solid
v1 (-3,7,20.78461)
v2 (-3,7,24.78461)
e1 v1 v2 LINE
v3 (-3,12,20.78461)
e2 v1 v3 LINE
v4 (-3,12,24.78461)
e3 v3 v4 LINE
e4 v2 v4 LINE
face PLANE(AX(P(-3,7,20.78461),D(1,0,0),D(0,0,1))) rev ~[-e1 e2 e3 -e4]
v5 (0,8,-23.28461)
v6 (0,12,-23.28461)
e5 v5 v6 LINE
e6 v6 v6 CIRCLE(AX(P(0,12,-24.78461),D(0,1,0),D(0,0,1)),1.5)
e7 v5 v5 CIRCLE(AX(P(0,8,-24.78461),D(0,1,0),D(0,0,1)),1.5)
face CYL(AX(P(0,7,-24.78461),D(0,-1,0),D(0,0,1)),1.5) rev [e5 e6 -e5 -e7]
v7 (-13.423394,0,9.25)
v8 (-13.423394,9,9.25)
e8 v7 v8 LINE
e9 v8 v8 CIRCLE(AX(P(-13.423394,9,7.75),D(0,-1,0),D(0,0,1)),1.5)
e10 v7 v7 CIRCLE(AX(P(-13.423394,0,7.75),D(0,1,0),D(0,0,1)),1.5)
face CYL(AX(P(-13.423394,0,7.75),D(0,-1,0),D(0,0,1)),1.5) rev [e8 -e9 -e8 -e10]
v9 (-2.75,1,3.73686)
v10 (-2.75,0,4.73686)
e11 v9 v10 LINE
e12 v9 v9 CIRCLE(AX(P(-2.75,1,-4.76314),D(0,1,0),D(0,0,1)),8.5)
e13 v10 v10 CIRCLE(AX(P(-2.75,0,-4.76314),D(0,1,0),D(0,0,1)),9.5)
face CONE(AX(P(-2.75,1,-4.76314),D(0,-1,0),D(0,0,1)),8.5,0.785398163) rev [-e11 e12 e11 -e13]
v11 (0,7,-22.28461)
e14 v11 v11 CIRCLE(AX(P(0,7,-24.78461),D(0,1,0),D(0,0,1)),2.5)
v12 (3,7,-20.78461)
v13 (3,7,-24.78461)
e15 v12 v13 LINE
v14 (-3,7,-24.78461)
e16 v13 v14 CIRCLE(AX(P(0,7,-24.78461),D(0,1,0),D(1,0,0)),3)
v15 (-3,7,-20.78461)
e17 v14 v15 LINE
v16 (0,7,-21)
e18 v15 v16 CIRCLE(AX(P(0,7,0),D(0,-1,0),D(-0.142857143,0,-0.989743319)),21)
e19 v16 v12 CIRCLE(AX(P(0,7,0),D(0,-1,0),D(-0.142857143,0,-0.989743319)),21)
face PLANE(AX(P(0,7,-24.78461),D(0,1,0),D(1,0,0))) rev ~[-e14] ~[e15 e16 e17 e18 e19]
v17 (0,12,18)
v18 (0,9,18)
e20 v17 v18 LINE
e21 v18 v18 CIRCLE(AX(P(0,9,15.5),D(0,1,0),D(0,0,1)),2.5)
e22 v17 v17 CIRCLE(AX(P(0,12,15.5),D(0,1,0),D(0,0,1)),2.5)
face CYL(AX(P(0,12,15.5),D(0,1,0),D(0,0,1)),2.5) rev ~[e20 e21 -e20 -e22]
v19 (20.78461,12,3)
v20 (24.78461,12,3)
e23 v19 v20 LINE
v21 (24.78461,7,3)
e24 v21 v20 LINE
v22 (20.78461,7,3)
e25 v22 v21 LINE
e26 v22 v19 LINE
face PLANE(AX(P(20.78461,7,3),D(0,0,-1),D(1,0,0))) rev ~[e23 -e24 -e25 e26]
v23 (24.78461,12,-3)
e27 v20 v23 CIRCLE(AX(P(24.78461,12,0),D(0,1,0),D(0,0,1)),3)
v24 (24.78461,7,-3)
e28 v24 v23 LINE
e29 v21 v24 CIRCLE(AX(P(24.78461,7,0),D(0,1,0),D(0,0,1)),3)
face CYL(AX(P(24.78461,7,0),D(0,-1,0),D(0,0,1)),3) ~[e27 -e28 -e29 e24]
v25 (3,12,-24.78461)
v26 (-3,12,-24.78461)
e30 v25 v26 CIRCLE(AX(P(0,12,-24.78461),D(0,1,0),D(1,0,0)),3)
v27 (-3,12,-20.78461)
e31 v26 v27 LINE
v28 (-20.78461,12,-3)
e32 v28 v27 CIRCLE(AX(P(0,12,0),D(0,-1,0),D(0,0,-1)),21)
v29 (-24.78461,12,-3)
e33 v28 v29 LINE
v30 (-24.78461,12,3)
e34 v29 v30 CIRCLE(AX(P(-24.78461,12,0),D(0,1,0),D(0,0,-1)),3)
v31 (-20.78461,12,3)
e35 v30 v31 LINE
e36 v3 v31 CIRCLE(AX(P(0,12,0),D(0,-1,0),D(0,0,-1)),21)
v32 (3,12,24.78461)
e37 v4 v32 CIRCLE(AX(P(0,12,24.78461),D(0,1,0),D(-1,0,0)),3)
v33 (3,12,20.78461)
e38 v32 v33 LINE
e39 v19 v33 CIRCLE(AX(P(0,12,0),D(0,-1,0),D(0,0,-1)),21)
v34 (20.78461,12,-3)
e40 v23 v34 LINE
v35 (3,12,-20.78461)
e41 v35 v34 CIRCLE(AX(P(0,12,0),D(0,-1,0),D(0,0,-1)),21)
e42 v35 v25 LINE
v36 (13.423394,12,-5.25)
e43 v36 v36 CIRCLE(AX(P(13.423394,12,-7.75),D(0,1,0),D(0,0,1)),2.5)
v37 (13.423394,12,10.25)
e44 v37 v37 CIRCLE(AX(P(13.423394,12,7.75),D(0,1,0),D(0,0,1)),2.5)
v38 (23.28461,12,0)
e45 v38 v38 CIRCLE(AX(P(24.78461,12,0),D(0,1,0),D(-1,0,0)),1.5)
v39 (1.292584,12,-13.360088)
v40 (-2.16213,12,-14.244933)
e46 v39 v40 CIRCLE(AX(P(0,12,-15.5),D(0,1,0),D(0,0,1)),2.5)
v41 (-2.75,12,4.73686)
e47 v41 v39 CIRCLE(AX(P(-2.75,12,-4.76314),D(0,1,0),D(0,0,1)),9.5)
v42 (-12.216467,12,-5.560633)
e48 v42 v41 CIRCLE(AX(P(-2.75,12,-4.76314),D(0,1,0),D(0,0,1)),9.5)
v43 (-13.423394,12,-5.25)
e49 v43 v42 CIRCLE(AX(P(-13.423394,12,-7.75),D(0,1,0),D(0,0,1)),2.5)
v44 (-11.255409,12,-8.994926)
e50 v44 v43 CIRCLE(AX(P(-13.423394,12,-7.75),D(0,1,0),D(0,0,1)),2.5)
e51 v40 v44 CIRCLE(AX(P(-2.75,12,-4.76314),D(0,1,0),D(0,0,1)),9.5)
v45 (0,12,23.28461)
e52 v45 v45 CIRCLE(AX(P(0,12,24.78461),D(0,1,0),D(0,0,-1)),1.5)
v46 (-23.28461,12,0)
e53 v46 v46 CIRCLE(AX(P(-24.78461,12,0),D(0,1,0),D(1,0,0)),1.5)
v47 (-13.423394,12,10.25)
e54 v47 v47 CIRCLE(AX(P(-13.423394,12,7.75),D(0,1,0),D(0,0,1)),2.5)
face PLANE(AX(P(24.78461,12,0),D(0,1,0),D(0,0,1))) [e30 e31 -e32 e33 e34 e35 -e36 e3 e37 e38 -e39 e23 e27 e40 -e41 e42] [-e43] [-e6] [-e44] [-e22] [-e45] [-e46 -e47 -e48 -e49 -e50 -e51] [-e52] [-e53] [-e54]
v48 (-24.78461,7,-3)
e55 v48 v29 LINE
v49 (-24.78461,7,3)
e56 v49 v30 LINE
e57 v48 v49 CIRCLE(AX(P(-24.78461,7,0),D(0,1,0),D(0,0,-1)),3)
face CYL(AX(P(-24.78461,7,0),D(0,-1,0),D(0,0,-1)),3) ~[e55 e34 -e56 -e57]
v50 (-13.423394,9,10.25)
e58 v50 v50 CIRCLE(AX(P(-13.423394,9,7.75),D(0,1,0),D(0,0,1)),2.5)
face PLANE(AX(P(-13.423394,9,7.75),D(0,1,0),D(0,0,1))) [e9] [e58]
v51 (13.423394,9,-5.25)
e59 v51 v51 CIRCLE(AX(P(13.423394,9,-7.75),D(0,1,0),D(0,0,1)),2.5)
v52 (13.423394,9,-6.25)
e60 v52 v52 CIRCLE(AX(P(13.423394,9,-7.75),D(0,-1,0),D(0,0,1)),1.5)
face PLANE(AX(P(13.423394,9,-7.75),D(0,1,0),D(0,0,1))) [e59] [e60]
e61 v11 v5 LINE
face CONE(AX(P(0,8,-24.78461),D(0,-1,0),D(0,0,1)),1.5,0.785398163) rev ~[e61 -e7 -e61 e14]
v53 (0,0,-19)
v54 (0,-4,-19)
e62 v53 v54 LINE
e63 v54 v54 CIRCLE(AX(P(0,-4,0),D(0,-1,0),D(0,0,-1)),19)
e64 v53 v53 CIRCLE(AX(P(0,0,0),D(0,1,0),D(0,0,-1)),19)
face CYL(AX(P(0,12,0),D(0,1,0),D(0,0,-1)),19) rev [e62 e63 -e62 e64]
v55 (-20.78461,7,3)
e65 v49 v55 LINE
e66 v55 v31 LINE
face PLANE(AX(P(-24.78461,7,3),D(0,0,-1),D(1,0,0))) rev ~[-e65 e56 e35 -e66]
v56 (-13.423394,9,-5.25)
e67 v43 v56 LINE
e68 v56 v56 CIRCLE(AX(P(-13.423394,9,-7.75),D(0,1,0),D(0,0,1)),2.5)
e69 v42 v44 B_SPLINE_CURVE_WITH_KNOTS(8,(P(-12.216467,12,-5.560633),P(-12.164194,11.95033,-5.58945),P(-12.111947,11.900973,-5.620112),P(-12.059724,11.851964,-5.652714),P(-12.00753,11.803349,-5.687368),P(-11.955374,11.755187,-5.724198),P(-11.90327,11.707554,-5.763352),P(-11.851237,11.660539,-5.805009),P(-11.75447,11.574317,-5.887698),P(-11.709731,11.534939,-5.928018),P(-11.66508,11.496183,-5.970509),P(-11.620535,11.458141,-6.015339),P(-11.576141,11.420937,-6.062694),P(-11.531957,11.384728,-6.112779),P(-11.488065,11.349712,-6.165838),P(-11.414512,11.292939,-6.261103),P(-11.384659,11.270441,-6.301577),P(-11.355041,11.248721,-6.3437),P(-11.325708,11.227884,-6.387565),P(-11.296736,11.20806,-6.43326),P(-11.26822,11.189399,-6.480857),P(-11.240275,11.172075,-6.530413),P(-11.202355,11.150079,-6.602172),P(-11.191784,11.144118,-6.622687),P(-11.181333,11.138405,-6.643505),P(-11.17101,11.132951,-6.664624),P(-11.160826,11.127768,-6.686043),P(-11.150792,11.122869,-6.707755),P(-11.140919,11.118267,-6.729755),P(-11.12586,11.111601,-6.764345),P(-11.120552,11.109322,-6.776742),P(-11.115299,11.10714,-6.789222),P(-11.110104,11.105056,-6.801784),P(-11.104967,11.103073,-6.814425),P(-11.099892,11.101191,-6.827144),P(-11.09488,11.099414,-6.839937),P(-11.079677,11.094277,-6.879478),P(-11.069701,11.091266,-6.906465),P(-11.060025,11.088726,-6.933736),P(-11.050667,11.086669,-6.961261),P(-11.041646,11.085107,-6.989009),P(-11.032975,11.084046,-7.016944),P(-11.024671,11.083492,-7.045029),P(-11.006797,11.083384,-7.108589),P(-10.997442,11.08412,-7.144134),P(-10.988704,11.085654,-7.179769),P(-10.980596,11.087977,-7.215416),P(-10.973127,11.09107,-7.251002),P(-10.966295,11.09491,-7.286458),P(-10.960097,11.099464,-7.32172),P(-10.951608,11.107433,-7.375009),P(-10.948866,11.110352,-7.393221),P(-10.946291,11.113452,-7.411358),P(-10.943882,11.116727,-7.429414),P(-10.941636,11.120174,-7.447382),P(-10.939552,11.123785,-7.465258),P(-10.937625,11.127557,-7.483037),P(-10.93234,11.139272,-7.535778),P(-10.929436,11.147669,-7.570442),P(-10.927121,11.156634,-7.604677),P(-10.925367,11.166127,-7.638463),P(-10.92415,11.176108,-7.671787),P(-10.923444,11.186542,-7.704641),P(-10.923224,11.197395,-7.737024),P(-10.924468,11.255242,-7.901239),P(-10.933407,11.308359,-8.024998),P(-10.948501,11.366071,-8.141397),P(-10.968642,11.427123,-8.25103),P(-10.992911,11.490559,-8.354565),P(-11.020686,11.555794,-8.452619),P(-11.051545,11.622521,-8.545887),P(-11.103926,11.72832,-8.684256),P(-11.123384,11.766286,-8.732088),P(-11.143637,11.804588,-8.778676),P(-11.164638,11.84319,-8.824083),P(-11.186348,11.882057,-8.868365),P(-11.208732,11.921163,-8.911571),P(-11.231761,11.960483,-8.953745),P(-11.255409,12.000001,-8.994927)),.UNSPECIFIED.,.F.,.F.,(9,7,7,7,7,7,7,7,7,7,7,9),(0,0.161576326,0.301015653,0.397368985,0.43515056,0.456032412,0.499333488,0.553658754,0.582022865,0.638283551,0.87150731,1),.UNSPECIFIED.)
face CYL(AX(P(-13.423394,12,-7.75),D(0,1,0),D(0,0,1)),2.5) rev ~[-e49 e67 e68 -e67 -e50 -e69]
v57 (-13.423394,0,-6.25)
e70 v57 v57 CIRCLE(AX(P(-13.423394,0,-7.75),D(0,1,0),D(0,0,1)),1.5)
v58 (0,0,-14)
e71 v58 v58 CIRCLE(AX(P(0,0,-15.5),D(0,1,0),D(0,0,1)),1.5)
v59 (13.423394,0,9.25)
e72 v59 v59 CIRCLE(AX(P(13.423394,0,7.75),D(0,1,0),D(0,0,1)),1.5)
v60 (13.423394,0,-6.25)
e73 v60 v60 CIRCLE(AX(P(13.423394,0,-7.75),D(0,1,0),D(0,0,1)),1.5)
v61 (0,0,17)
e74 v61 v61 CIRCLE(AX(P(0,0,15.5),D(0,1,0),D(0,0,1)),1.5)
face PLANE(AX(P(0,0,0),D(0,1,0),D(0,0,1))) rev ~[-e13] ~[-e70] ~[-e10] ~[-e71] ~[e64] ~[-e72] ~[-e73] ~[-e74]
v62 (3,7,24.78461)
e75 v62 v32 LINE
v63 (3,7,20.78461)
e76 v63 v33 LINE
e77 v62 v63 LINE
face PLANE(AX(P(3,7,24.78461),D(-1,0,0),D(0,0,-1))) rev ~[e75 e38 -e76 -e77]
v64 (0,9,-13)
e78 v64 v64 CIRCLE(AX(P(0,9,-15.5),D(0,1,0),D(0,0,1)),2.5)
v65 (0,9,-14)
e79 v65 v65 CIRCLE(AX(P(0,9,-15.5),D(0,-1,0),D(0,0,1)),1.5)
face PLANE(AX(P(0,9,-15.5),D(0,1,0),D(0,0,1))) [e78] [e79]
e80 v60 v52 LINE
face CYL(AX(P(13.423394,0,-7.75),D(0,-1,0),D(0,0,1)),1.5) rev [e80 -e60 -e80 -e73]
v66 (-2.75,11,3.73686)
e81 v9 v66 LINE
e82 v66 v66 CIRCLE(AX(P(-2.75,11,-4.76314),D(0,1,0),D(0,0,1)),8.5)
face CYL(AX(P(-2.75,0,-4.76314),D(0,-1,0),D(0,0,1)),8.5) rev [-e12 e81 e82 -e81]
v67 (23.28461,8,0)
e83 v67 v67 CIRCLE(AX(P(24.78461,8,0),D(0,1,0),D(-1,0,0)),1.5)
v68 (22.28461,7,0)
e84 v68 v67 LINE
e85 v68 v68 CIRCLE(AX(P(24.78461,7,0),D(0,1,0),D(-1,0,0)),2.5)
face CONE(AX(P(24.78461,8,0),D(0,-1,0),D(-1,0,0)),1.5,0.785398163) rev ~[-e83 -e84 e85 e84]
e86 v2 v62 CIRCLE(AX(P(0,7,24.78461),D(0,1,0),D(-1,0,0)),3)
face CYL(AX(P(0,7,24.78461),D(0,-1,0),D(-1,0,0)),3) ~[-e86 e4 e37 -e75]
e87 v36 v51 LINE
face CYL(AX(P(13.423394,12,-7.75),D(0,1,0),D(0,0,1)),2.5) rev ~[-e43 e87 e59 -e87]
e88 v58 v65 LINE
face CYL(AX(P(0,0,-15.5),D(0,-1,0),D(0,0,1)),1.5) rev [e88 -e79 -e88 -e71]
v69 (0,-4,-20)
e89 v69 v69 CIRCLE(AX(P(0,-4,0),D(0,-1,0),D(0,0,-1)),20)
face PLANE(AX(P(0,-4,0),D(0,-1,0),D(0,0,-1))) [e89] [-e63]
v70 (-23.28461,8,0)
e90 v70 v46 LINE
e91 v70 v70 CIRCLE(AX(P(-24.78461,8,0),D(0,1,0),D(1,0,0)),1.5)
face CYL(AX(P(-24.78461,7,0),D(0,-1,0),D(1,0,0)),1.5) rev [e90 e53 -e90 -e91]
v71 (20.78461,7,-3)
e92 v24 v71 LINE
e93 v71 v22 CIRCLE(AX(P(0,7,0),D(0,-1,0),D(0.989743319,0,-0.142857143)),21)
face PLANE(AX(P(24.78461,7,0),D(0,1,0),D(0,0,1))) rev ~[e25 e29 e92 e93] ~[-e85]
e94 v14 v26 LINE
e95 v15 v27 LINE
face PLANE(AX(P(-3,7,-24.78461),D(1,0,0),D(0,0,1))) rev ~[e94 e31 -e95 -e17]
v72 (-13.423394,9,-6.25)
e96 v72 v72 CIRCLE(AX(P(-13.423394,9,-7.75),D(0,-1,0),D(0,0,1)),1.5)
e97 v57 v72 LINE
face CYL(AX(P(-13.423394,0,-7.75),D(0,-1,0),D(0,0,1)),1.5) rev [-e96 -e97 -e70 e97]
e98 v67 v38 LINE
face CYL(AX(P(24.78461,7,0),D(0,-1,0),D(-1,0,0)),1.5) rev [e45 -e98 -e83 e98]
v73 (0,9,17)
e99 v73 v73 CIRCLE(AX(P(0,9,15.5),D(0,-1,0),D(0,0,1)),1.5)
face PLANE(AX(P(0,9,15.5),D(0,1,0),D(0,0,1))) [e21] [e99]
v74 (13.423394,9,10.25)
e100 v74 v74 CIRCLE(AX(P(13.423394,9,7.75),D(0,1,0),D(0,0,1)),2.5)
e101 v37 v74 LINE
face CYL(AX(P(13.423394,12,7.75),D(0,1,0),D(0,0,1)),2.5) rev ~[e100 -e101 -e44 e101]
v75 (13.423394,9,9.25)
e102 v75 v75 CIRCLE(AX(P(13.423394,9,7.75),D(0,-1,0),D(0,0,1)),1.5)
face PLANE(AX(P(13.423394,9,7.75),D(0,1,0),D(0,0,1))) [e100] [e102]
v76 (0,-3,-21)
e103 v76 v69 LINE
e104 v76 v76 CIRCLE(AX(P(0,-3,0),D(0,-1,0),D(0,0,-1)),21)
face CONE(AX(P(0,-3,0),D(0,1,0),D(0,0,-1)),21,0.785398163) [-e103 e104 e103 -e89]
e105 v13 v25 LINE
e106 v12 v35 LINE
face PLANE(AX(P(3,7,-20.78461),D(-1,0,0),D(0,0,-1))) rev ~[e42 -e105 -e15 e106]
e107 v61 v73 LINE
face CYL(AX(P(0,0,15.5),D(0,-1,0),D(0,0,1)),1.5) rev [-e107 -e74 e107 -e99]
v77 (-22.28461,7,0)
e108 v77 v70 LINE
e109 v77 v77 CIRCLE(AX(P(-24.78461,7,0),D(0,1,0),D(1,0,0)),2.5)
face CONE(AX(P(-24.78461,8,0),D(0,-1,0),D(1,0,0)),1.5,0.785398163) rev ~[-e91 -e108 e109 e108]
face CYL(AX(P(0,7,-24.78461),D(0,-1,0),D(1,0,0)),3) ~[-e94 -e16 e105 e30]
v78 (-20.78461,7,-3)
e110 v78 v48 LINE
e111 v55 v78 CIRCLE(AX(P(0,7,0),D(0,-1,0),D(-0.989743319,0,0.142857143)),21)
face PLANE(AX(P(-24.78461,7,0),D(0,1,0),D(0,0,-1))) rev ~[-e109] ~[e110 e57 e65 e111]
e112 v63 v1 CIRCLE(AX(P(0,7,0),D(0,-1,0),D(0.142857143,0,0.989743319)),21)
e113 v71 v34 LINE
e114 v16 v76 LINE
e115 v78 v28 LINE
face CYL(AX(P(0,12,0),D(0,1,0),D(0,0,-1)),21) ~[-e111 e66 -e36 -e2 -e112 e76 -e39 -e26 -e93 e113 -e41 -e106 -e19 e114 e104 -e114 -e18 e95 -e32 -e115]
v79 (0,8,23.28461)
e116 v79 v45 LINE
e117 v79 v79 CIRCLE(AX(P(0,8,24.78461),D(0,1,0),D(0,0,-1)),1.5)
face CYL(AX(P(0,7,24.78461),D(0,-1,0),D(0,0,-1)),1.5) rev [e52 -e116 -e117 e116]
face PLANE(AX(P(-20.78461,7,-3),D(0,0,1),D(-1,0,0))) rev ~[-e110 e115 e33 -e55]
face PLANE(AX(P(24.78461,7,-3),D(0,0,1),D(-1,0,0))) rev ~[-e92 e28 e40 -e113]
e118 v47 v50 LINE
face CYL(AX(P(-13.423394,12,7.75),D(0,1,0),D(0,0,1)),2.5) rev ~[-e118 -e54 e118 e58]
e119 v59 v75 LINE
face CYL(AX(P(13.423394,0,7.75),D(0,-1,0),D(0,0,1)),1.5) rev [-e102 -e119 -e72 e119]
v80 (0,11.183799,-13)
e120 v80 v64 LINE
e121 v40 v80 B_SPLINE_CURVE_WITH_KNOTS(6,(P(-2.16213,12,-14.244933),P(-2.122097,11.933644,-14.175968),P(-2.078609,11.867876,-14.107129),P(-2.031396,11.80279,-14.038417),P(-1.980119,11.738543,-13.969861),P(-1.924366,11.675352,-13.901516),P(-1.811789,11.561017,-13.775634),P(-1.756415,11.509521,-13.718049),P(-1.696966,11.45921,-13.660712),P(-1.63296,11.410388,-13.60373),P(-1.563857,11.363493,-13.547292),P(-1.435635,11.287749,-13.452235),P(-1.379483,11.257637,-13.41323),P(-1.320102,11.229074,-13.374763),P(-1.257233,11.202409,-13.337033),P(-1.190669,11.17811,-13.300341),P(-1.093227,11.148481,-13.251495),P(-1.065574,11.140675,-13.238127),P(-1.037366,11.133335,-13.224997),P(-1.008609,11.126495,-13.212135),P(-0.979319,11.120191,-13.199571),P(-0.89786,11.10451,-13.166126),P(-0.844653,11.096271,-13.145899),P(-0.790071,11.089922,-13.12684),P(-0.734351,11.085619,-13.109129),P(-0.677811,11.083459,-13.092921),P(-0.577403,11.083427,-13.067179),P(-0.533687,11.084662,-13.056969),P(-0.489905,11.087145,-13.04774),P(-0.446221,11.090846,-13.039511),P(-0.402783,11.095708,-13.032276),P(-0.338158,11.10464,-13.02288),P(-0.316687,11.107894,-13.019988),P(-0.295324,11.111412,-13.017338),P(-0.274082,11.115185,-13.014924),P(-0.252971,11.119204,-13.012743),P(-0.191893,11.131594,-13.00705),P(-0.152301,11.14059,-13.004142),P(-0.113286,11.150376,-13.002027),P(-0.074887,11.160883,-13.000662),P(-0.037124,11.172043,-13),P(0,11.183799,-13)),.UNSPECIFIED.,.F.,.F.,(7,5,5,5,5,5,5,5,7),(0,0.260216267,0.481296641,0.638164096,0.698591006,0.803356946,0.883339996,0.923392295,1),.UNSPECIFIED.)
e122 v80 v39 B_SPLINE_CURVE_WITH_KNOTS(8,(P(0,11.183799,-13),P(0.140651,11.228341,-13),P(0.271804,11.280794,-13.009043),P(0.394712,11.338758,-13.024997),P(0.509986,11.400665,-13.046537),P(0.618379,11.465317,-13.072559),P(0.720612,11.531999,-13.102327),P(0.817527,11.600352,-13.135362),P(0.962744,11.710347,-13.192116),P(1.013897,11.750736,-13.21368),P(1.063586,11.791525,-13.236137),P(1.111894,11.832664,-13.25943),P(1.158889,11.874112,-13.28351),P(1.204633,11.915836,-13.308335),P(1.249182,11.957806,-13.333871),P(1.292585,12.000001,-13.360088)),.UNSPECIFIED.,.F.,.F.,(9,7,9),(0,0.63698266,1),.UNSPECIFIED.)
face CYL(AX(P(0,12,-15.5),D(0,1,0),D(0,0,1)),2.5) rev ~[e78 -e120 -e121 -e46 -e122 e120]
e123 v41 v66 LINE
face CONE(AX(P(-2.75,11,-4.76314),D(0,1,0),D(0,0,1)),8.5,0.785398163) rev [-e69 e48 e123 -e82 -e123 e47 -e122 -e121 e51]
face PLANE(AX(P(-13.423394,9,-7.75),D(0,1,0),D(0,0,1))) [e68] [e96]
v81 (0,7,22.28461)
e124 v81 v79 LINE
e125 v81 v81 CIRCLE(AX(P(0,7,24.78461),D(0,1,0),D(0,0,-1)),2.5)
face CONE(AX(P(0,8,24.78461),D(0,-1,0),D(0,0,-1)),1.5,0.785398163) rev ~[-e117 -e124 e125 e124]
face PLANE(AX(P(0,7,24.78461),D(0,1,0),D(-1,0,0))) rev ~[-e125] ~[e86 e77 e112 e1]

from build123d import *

# Parameters (mm, degrees)
SKETCH1_R                    = 19
SKETCH1_R_2                  = 1.5
SKETCH1_R_3                  = 8.5
BOSS_EXTRUDE1_DEPTH          = 12
BOSS_EXTRUDE2_DEPTH          = 4
BOSS_EXTRUDE2_DEPTH_BACK     = 12
SKETCH2_R                    = 21
SKETCH2_R_2                  = 19
BOSS_EXTRUDE3_START          = -5
SKETCH3_R                    = 3
SKETCH3_R_2                  = 1.5
BOSS_EXTRUDE3_DEPTH          = 5
CHAMFER1_SIZE                = 1
CIRPATTERN2_COUNT            = 4
CHAMFER1_OF_CIRPATTERN2_SIZE = 1
CHAMFER3_SIZE                = 1
SKETCH4_R                    = 2.5
CUT_EXTRUDE1_DEPTH           = 3


with BuildPart() as part:
    # Sketch1 → Boss-Extrude1 (new body)
    with BuildSketch(Plane(origin=(0, 0, 0), x_dir=(1, 0, 0), z_dir=(0, 1, 0))):
        with Locations(Location((0, 0, 0), (0, 0, 270))):
            Circle(SKETCH1_R)
        with Locations(Location((0, 15.5, 0), (0, 0, 270))):
            Circle(SKETCH1_R_2, mode=Mode.SUBTRACT)
        with Locations(Location((13.423393759, 7.75, 0), (0, 0, 270))):
            Circle(SKETCH1_R_2, mode=Mode.SUBTRACT)
        with Locations(Location((13.423393759, -7.75, 0), (0, 0, 270))):
            Circle(SKETCH1_R_2, mode=Mode.SUBTRACT)
        with Locations(Location((0, -15.5, 0), (0, 0, 270))):
            Circle(SKETCH1_R_2, mode=Mode.SUBTRACT)
        with Locations(Location((-13.423393759, -7.75, 0), (0, 0, 270))):
            Circle(SKETCH1_R_2, mode=Mode.SUBTRACT)
        with Locations(Location((-13.423393759, 7.75, 0), (0, 0, 270))):
            Circle(SKETCH1_R_2, mode=Mode.SUBTRACT)
        with Locations(Location((-2.75, 4.763139721, 0), (0, 0, 270))):
            Circle(SKETCH1_R_3, mode=Mode.SUBTRACT)
    extrude(amount=BOSS_EXTRUDE1_DEPTH)

    # Sketch2 → Boss-Extrude2 (add, two sides: drawn at the far end of the back side and taken through both)
    with BuildSketch(Plane.XZ.offset(-BOSS_EXTRUDE2_DEPTH_BACK)):
        with Locations(Location((0, 0, 0), (0, 0, 270))):
            Circle(SKETCH2_R)
        with Locations(Location((0, 0, 0), (0, 0, 270))):
            Circle(SKETCH2_R_2, mode=Mode.SUBTRACT)
    extrude(amount=BOSS_EXTRUDE2_DEPTH + BOSS_EXTRUDE2_DEPTH_BACK)

    # Sketch3 → Boss-Extrude3 (add)
    # profile 1 of 2: a face of its own
    with BuildSketch(Plane(origin=(0, 12, 0), x_dir=(1, 0, 0), z_dir=(0, 1, 0)).offset(BOSS_EXTRUDE3_START)):
        with Locations((0, 24.784609691)):
            Circle(SKETCH3_R)
        with Locations(Location((0, 24.784609691, 0), (0, 0, 270))):
            Circle(SKETCH3_R_2, mode=Mode.SUBTRACT)
    # profile 2 of 2: a face of its own
    with BuildSketch(Plane(origin=(0, 12, 0), x_dir=(1, 0, 0), z_dir=(0, 1, 0)).offset(BOSS_EXTRUDE3_START)):
        with BuildLine():
            ThreePointArc((3, 24.784609691), (0, 21.784609691), (-3, 24.784609691))
            Line((-3, 24.784609691), (-3, 20.784609691))
            ThreePointArc((-3, 20.784609691), (0, 21), (3, 20.784609691))
            Line((3, 20.784609691), (3, 24.784609691))
        make_face()
    boss_extrude3 = extrude(amount=BOSS_EXTRUDE3_DEPTH)

    # Chamfer1
    chamfer1_edges = [part.edges().sort_by_distance(p)[0] for p in [
        (0, 7, -26.284609691),
    ]]
    chamfer(chamfer1_edges, length=CHAMFER1_SIZE)

    # CirPattern2: Boss-Extrude3 ×4 about axis
    cirpattern2_axis = Axis((0, 0, 0), (0, 1, 0))
    for i in range(1, CIRPATTERN2_COUNT):
        add(boss_extrude3.rotate(cirpattern2_axis, i * 360 / CIRPATTERN2_COUNT))

    # Chamfer1 of CirPattern2
    chamfer1_of_cirpattern2_edges = [part.edges().sort_by_distance(p)[0] for p in [
        (-26.284609691, 7, 0),
        (0, 7, 26.284609691),
        (26.284609691, 7, 0),
    ]]
    chamfer(chamfer1_of_cirpattern2_edges, length=CHAMFER1_OF_CIRPATTERN2_SIZE)

    # Chamfer3
    chamfer3_edges = [part.edges().sort_by_distance(p)[0] for p in [
        (0, -4, 21),
        (-2.75, 0, -13.263139721),
        (-2.75, 12, -13.263139721),
    ]]
    chamfer(chamfer3_edges, length=CHAMFER3_SIZE)

    # Sketch4 → Cut-Extrude1 (cut)
    with BuildSketch(Plane(origin=(0, 12, 0), x_dir=(1, 0, 0), z_dir=(0, 1, 0))):
        with Locations(Location((-13.423393759, -7.75, 0), (0, 0, 270))):
            Circle(SKETCH4_R)
        with Locations(Location((-13.423393759, 7.75, 0), (0, 0, 270))):
            Circle(SKETCH4_R)
        with Locations(Location((0, 15.5, 0), (0, 0, 270))):
            Circle(SKETCH4_R)
        with Locations(Location((13.423393759, 7.75, 0), (0, 0, 270))):
            Circle(SKETCH4_R)
        with Locations(Location((13.423393759, -7.75, 0), (0, 0, 270))):
            Circle(SKETCH4_R)
        with Locations(Location((0, -15.5, 0), (0, 0, 270))):
            Circle(SKETCH4_R)
    extrude(amount=-CUT_EXTRUDE1_DEPTH, mode=Mode.SUBTRACT)


solid = part.part
